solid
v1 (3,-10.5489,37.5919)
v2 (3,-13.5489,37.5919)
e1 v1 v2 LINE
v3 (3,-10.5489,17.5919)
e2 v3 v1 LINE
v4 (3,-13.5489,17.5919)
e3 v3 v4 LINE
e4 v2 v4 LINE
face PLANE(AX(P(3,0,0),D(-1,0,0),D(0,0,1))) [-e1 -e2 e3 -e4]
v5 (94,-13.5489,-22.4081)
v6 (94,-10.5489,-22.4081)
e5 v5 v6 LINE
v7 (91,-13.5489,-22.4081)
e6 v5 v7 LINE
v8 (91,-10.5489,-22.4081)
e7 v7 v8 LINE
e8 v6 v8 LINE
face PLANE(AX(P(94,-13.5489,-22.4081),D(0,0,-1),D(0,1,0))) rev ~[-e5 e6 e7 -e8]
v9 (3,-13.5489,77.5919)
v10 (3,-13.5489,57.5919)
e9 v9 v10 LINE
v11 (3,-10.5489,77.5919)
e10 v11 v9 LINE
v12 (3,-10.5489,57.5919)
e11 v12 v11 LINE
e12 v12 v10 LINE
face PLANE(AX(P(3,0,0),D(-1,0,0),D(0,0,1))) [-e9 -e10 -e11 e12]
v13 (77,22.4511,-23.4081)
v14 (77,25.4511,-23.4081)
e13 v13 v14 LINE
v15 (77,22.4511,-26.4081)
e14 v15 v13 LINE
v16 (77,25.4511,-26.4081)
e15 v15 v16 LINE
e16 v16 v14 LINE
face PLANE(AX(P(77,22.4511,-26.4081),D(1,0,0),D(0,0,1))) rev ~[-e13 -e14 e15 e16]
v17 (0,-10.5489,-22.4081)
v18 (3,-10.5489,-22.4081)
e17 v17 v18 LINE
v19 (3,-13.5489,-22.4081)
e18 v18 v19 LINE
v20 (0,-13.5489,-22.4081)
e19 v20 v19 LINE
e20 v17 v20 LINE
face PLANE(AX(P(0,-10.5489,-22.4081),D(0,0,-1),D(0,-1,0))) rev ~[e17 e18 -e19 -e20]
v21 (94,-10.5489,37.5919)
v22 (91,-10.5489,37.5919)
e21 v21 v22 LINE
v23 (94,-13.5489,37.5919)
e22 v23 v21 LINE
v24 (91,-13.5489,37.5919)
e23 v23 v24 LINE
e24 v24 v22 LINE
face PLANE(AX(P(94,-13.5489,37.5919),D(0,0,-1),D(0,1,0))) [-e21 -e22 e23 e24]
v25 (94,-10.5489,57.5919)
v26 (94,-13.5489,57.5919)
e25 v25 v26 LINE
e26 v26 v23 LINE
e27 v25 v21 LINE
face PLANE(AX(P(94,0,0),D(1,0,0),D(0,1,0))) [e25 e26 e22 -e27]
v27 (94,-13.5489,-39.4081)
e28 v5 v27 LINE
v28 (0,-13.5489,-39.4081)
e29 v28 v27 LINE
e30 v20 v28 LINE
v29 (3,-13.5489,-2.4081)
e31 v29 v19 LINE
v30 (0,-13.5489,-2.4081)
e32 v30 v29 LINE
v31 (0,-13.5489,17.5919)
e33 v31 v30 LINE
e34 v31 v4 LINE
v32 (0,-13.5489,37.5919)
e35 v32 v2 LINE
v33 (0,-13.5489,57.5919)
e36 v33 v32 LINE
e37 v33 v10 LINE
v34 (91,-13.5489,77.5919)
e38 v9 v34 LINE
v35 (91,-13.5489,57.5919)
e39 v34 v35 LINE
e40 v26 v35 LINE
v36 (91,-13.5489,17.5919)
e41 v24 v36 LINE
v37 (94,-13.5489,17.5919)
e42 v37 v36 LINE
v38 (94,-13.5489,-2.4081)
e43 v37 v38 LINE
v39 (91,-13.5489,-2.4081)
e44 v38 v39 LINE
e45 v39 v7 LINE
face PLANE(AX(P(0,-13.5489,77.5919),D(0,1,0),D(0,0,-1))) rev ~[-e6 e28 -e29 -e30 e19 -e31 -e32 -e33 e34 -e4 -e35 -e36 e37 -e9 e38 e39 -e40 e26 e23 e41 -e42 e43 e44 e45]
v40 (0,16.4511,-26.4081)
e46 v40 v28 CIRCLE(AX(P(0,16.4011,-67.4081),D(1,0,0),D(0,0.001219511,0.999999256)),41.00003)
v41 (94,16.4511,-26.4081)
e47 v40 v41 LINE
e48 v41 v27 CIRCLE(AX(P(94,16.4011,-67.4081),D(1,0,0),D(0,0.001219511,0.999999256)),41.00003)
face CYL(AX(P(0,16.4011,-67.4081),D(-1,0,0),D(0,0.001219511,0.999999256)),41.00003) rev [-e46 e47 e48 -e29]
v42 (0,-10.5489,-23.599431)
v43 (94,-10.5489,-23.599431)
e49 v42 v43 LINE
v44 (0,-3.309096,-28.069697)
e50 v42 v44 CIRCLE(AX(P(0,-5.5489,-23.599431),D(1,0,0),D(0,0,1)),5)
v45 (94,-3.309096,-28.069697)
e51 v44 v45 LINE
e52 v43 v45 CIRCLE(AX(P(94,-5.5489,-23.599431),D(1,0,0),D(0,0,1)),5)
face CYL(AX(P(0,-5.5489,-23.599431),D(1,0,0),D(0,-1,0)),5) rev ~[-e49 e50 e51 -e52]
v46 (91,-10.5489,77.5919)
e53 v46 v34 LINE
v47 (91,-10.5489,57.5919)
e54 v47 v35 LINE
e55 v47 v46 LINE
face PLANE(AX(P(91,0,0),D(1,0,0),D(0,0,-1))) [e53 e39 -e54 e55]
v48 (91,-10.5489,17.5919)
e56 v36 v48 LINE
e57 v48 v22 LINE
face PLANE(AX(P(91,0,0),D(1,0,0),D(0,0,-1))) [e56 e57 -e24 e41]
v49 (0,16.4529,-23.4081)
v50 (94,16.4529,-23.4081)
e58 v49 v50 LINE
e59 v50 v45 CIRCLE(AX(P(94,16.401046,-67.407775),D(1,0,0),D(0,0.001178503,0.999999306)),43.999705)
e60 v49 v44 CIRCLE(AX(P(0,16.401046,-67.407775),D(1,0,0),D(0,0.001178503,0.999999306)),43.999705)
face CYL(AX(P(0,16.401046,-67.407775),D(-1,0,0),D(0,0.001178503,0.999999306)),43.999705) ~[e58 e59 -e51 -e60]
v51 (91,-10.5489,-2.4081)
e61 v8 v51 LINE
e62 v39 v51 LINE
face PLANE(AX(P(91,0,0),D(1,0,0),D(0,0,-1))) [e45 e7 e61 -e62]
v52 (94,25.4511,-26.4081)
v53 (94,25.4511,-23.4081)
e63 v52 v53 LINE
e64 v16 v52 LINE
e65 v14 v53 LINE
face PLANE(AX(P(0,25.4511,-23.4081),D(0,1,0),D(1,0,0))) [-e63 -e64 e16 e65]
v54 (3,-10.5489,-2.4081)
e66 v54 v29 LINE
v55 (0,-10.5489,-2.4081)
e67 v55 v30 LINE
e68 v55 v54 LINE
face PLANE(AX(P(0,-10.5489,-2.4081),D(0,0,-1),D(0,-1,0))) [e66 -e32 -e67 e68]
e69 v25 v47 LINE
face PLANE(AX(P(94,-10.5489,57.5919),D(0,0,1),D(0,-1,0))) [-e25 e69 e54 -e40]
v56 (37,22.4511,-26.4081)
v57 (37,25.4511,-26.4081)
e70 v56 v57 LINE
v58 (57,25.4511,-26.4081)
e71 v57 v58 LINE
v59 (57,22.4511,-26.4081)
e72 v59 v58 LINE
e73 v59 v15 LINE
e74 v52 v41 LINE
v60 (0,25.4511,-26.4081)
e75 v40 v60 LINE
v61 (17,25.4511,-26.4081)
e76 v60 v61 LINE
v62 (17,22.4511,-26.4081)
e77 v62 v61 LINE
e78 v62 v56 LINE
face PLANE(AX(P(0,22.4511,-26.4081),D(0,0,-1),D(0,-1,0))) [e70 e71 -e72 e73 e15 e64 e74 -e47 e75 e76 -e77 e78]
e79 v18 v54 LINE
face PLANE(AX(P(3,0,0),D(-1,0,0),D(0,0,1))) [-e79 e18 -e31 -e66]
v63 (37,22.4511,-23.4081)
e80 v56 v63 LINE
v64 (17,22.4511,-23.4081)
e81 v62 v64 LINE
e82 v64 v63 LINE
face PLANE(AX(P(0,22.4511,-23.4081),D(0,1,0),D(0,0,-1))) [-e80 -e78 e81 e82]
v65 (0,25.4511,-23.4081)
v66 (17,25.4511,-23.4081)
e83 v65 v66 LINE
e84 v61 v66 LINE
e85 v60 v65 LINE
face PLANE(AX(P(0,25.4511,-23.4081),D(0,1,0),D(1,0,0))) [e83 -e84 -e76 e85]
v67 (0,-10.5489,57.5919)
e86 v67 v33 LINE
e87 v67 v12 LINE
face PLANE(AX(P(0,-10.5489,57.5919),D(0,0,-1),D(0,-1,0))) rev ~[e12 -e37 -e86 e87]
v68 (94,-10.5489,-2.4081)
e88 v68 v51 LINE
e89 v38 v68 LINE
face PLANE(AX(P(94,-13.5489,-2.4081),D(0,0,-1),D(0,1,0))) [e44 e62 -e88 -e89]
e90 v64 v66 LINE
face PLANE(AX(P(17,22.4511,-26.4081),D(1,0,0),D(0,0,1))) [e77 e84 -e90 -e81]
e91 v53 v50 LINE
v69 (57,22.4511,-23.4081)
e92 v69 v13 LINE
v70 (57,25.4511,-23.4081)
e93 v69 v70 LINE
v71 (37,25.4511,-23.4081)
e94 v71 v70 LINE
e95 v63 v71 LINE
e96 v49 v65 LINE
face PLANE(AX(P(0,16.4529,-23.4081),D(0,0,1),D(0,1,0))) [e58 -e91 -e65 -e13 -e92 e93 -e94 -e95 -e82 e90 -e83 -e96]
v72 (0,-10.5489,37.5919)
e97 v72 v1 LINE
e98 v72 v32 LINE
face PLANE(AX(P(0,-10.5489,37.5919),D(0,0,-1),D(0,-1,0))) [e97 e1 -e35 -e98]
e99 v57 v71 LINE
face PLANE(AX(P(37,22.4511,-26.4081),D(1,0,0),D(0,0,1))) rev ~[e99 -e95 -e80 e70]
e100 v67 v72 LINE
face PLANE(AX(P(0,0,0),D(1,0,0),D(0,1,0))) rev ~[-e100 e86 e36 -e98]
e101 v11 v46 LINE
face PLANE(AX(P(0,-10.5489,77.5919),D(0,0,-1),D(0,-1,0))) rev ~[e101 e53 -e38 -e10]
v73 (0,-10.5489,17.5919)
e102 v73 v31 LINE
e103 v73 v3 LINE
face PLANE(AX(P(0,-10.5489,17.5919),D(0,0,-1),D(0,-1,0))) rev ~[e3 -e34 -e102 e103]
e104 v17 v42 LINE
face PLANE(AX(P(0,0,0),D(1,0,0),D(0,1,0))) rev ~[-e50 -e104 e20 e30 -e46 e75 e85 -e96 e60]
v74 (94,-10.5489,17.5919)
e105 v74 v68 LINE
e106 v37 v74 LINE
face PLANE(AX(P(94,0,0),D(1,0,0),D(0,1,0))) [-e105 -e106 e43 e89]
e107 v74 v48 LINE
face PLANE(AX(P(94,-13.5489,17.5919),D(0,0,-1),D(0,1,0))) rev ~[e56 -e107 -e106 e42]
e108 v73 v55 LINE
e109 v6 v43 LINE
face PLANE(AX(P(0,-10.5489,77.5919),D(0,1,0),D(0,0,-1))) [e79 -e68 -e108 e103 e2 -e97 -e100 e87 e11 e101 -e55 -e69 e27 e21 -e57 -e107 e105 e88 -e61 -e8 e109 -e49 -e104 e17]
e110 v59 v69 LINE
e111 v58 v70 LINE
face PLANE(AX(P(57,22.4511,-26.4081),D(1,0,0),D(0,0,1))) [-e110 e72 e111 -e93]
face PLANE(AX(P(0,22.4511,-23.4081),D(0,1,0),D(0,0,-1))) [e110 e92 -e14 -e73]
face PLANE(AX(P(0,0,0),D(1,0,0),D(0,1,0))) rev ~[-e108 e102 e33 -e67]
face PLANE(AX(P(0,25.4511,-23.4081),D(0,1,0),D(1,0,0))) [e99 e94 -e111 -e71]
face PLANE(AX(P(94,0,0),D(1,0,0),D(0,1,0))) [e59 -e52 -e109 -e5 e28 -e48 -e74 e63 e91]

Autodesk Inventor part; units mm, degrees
ref_plane "YZ Plane" through (0, 0, 0) normal (1, 0, 0) x (0, 1, 0)
ref_plane "XZ Plane" through (0, 0, 0) normal (0, 1, 0) x (-1, 0, 0)
ref_plane "XY Plane" through (0, 0, 0) normal (0, 0, 1) x (1, 0, 0)
sketch "Sketch1" plane through (0, 0, 0) normal (1, 0, 0) x (0, 1, 0)
  arc A0 (16.4511, -26.4081) -> (-13.5489, -39.4081) centre (16.4011, -67.4081) ccw
  line L0 (22.4511, -26.4081) -> (16.4511, -26.4081)
  line L1 (-13.5489, 77.5919) -> (-13.5489, -39.4081)
  line L2 (-10.5489, 77.5919) -> (-10.5489, -32.6274)
  arc A1 (16.4529, -23.4081) -> (-10.5489, -32.6274) centre (16.4011, -67.4081) ccw
  line L3 (16.4529, -23.4081) -> (22.4511, -23.4081)
  line L4 (-10.5489, 77.5919) -> (-13.5489, 77.5919)
  line L5 (22.4511, -23.4081) -> (22.4511, -26.4081)
  dimension "d0" = 3
extrude "Extrusion1" add sketch "Sketch1" along normal blind 94
sketch "Sketch2" plane through (0, 0, 0) normal (-1, 0, 0) x (0, 0, 1)
  line L0 (-32.6274, -10.5489) -> (77.5919, -10.5489) projected
  arc A0 (-32.6274, -10.5489) -> (-23.4081, 16.4529) centre (-67.4081, 16.4011) ccw projected
  line L1 (-23.4081, 22.4511) -> (-23.4081, 16.4529) projected
  line L2 (-26.4081, 22.4511) -> (-23.4081, 22.4511) projected
  line L3 (-26.4081, 16.4511) -> (-26.4081, 22.4511) projected
  arc A1 (-39.4081, -13.5489) -> (-26.4081, 16.4511) centre (-67.4081, 16.4011) ccw projected
  line L4 (77.5919, -13.5489) -> (-39.4081, -13.5489) projected
  line L5 (77.5919, -10.5489) -> (77.5919, -13.5489) projected
  line L6 (77.5919, -10.5489) -> (57.5919, -10.5489)
  line L7 (57.5919, -10.5489) -> (37.5919, -10.5489)
  line L8 (37.5919, -10.5489) -> (17.5919, -10.5489)
  line L9 (17.5919, -10.5489) -> (-2.4081, -10.5489)
  line L10 (-2.4081, -10.5489) -> (-22.4081, -10.5489)
  line L11 (-22.4081, -10.5489) -> (-22.4081, -13.5489)
  line L12 (-2.4081, -10.5489) -> (-2.4081, -13.5489)
  line L13 (17.5919, -10.5489) -> (17.5919, -13.5489)
  line L14 (37.5919, -10.5489) -> (37.5919, -13.5489)
  line L15 (57.5919, -10.5489) -> (57.5919, -13.5489)
  line L16 (77.5919, -13.5489) -> (-22.4081, -13.5489)
  line L17 (77.5919, -10.5489) -> (-22.4081, -10.5489)
  dimension "d3" = 20
  dimension "d4" = 20
  dimension "d5" = 20
  dimension "d6" = 20
  dimension "d7" = 20
extrude "Extrusion2" cut sketch "Sketch2" against normal blind 3 contours L0 L12 L4 L11 | L0 L14 L4 L13 | L0 L5 L4 L15
sketch "Sketch3" plane through (94, 0, 0) normal (1, 0, 0) x (0, 0, -1)
  line L0 (32.6274, -10.5489) -> (-77.5919, -10.5489) projected
  line L1 (-77.5919, -10.5489) -> (-77.5919, -13.5489) projected
  line L2 (-77.5919, -13.5489) -> (39.4081, -13.5489) projected
  arc A0 (26.4081, 16.4511) -> (39.4081, -13.5489) centre (67.4081, 16.4011) ccw projected
  line L3 (26.4081, 16.4511) -> (26.4081, 22.4511) projected
  line L4 (26.4081, 22.4511) -> (23.4081, 22.4511) projected
  line L5 (23.4081, 22.4511) -> (23.4081, 16.4529) projected
  arc A1 (23.4081, 16.4529) -> (32.6274, -10.5489) centre (67.4081, 16.4011) ccw projected
  line L6 (-77.5919, -13.5489) -> (-57.5919, -13.5489)
  line L7 (-57.5919, -13.5489) -> (-37.5919, -13.5489)
  line L8 (-37.5919, -13.5489) -> (-17.5919, -13.5489)
  line L9 (-17.5919, -13.5489) -> (2.4081, -13.5489)
  line L10 (2.4081, -13.5489) -> (22.4081, -13.5489)
  line L11 (22.4081, -13.5489) -> (22.4081, -10.5489)
  line L12 (2.4081, -13.5489) -> (2.4081, -10.5489)
  line L13 (-17.5919, -13.5489) -> (-17.5919, -10.5489)
  line L14 (-37.5919, -13.5489) -> (-37.5919, -10.5489)
  line L15 (-57.5919, -10.5489) -> (-57.5919, -13.5489)
  line L16 (-77.5919, -10.5489) -> (22.4081, -10.5489)
  line L17 (-77.5919, -13.5489) -> (22.4081, -13.5489)
  dimension "d10" = 20
  dimension "d11" = 20
  dimension "d12" = 20
  dimension "d13" = 20
  dimension "d14" = 20
extrude "Extrusion3" cut sketch "Sketch3" against normal blind 3 contours L11 L2 L12 L0 | L13 L2 L14 L0 | L15 L2 L1 L0
sketch "Sketch4" plane through (0, 22.4511, -23.4081) normal (0, 1, 0) x (1, 0, 0)
  line L0 (0, 3) -> (0, 0) projected
  line L1 (0, 0) -> (94, 0) projected
  line L2 (94, 3) -> (94, 0) projected
  line L3 (0, 3) -> (94, 3) projected
  line L4 (94, 3) -> (0, 3)
  line L5 (94, 3) -> (67, 3)
  line L6 (67, 3) -> (55, 3)
  line L7 (55, 3) -> (43, 3)
  line L8 (43, 3) -> (31, 3)
  line L9 (31, 3) -> (19, 3)
  line L10 (19, 3) -> (0, 3)
  line L11 (67, 3) -> (47, 3)
  line L12 (47, 3) -> (67, 3)
  line L13 (47, 3) -> (27, 3)
  line L14 (94, 3) -> (77, 3)
  line L15 (77, 3) -> (57, 3)
  line L16 (57, 3) -> (37, 3)
  line L17 (37, 3) -> (17, 3)
  line L18 (17, 3) -> (17, 0)
  line L19 (37, 3) -> (37, 0)
  line L20 (57, 3) -> (57, 0)
  line L21 (77, 3) -> (77, 0)
  line L22 (0, 0) -> (0, 3)
  line L23 (94, 0) -> (94, 3)
  line L24 (94, 0) -> (0, 0)
  line L25 (94, 3) -> (0, 3)
  dimension "d26" = 17
  dimension "d27" = 20
  dimension "d28" = 20
  dimension "d29" = 20
extrude "Extrusion4" add sketch "Sketch4" along normal blind 3 contours L3 L18 L1 L0 | L19 L3 L20 L1 | L21 L3 L2 L1
fillet "Fillet1" radius 5 1 edges at (47, -10.5489, -32.6274)
properties part number "bridge plate"
